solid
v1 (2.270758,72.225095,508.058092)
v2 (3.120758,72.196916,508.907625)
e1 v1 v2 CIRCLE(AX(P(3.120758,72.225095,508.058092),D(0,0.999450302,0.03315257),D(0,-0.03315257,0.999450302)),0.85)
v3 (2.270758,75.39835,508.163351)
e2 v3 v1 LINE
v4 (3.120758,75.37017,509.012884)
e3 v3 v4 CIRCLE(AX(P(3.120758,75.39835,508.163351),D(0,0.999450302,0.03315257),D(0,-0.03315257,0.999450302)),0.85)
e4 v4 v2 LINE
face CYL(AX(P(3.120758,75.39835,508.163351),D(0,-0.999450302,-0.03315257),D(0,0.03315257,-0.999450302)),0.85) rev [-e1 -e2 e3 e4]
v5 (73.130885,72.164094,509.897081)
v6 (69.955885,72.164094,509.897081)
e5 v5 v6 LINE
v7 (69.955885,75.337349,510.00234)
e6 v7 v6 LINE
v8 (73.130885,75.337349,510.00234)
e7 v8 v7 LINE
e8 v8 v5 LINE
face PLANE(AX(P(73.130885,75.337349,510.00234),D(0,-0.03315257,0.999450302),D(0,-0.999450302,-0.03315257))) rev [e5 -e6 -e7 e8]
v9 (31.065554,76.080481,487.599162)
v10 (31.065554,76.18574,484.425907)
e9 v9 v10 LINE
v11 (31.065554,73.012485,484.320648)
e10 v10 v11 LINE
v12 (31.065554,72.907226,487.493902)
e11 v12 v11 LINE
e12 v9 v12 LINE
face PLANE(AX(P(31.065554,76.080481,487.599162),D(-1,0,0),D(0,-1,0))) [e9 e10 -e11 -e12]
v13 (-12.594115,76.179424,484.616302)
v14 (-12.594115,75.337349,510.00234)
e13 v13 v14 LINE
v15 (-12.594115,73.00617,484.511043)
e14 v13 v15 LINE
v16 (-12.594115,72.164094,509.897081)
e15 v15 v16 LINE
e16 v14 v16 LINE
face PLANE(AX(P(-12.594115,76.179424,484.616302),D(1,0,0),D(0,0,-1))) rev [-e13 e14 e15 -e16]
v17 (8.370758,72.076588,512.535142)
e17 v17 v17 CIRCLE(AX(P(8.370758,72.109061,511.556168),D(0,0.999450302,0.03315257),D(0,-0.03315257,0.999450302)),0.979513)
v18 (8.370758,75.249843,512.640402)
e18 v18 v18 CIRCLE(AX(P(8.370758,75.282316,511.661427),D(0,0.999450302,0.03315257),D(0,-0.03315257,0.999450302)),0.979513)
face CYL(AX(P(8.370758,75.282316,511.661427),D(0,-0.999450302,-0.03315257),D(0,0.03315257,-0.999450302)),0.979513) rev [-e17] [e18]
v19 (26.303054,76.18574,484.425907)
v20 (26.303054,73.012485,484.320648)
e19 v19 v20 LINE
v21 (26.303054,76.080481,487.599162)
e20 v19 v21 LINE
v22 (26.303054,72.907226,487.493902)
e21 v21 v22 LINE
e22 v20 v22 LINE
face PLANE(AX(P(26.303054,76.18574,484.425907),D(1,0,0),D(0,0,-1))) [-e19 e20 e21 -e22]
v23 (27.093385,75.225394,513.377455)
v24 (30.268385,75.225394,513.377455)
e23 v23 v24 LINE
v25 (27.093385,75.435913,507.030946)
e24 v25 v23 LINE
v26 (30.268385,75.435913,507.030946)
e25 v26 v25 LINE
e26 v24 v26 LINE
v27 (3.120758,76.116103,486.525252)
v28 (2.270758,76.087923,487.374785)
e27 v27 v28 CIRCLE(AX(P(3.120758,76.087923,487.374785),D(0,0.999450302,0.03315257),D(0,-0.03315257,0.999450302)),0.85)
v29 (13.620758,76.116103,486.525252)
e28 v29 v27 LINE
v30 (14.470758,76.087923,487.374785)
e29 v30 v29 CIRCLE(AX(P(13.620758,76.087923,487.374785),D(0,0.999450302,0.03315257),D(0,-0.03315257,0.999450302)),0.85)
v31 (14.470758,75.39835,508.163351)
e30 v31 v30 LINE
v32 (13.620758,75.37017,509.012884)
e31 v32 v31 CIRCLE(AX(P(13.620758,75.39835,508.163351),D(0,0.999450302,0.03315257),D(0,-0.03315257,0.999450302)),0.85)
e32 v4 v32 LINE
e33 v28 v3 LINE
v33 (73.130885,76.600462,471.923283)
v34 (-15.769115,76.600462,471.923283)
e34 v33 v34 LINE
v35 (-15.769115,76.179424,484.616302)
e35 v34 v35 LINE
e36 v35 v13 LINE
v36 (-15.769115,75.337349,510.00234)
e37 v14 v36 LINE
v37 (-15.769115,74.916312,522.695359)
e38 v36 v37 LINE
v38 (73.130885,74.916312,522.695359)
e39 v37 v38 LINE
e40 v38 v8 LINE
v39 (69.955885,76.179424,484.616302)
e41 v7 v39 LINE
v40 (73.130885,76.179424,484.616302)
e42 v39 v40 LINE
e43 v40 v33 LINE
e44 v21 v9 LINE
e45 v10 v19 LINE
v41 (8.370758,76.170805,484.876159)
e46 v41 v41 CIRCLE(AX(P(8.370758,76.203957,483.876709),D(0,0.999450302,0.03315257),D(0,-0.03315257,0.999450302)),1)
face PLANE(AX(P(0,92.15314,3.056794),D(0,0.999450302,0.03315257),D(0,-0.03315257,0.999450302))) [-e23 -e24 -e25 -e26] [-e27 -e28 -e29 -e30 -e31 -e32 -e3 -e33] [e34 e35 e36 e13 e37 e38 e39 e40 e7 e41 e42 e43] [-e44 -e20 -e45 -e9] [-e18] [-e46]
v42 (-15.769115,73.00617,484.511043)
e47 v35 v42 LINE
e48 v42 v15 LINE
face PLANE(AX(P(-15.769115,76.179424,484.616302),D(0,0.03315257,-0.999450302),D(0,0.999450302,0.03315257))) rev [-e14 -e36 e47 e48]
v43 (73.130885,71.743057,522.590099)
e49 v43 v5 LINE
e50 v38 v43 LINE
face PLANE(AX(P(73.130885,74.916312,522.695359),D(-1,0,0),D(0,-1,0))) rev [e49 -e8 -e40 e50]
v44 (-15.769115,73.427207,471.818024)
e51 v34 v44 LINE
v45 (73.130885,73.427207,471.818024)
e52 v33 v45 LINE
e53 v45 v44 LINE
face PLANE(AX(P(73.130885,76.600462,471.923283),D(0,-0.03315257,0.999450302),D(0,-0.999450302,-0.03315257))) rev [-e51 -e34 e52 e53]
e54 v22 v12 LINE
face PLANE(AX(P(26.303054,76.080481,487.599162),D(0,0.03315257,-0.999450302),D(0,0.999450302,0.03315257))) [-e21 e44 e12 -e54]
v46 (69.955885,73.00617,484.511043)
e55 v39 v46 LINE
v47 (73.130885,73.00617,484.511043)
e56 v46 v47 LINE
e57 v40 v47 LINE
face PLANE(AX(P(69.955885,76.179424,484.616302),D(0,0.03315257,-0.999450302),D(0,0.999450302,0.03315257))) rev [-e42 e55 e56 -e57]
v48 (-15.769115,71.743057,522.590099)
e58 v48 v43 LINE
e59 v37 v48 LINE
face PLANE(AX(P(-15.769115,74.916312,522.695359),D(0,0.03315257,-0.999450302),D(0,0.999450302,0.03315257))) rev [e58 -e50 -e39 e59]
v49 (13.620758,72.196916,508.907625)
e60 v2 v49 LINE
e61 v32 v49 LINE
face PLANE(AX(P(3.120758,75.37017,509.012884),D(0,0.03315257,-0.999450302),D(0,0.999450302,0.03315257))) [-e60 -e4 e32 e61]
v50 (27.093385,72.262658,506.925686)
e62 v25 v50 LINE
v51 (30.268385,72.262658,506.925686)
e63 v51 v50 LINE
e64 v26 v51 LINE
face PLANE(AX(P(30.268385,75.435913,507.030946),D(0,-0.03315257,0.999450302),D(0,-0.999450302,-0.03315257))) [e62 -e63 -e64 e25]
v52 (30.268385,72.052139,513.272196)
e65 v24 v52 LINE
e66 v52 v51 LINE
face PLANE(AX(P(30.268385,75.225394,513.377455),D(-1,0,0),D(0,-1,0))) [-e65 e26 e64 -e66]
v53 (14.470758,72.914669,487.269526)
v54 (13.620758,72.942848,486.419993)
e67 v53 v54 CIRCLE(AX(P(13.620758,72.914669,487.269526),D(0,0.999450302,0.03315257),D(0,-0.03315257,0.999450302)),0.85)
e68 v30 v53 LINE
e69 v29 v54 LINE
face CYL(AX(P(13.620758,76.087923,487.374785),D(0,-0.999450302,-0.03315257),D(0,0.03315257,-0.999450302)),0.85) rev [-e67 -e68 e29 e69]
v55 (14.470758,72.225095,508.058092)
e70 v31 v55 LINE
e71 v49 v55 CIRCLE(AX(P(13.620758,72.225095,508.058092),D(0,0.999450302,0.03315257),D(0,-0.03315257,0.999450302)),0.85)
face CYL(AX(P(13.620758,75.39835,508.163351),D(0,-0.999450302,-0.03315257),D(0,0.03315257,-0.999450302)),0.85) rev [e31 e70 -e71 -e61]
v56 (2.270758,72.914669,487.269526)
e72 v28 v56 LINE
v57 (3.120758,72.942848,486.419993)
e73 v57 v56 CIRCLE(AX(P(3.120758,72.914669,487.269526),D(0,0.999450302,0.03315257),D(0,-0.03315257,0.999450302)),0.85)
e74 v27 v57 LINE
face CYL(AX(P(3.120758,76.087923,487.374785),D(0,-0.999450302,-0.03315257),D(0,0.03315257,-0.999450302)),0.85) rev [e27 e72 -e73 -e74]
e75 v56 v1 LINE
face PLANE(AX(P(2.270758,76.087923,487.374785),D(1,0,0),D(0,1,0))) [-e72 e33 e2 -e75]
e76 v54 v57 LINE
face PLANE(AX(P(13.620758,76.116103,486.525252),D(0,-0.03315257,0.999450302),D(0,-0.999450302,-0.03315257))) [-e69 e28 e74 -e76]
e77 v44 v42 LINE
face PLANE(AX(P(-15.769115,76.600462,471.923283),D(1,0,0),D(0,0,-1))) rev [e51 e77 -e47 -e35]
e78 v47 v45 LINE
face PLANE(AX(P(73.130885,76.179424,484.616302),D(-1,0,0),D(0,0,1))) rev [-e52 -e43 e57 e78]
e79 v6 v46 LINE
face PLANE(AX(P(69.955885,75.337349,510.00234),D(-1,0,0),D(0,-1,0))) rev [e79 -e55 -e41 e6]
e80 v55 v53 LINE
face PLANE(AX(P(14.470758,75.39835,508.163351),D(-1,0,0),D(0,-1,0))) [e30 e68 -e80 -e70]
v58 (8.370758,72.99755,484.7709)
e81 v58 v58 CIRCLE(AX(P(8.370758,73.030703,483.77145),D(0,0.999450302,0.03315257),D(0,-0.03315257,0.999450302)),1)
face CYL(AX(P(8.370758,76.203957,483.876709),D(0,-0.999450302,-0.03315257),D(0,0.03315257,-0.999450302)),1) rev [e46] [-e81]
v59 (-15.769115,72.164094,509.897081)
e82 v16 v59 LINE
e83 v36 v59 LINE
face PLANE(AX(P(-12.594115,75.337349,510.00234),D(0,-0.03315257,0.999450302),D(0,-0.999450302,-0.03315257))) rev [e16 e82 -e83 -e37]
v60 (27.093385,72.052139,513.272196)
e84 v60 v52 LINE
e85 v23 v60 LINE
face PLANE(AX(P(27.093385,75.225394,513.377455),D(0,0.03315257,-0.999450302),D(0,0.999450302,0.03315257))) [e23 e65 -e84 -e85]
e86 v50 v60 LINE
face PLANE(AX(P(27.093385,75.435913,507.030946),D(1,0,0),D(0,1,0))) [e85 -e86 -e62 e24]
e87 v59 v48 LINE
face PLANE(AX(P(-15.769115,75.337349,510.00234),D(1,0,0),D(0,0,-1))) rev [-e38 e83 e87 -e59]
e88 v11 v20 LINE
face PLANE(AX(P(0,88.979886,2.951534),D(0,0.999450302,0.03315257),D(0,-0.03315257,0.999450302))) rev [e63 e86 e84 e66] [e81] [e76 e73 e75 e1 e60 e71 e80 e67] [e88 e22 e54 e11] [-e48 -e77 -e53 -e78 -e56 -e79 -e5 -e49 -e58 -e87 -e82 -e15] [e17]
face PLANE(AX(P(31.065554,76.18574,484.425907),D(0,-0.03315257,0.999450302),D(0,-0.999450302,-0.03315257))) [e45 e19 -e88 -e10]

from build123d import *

# Parameters (mm, degrees)
SKETCH3_W           = 4.7625
SKETCH3_H           = 3.175
SKETCH3_W_2         = 3.175
SKETCH3_H_2         = 6.35
BOSS_EXTRUDE2_DEPTH = 3.175


with BuildPart() as part:
    # Sketch3 → Boss-Extrude2 (new body)
    with BuildSketch(Plane(origin=(0, 88.979885655, 2.951534319), x_dir=(1, 0, 0), z_dir=(0, 0.9994503024750413, 0.03315256977292581))):
        Polygon((73.130884883, -481.824366224), (73.130884883, -469.124366224), (-15.769115117, -469.124366224), (-15.769115117, -481.824366224), (-12.594115117, -481.824366224), (-12.594115117, -507.224366224), (-15.769115117, -507.224366224), (-15.769115117, -519.924366224), (73.130884883, -519.924366224), (73.130884883, -507.224366224), (69.955884883, -507.224366224), (69.955884883, -481.824366224), align=None)
        with Locations((28.684303559, -483.221366224)):
            Rectangle(SKETCH3_W, SKETCH3_H, mode=Mode.SUBTRACT)
        with Locations((28.680884883, -507.426337868)):
            Rectangle(SKETCH3_W_2, SKETCH3_H_2, mode=Mode.SUBTRACT)
        with BuildLine():
            Line((13.62075844, -483.734366224), (3.12075844, -483.734366224))
            ThreePointArc((3.12075844, -483.734366224), (2.519717676, -483.98332546), (2.27075844, -484.584366224))
            Line((2.27075844, -484.584366224), (2.27075844, -505.384366224))
            ThreePointArc((2.27075844, -505.384366224), (2.519717676, -505.985406988), (3.12075844, -506.234366224))
            Line((3.12075844, -506.234366224), (13.62075844, -506.234366224))
            ThreePointArc((13.62075844, -506.234366224), (14.221799204, -505.985406988), (14.47075844, -505.384366224))
            Line((14.47075844, -505.384366224), (14.47075844, -484.584366224))
            ThreePointArc((14.47075844, -484.584366224), (14.221799204, -483.98332546), (13.62075844, -483.734366224))
        make_face(mode=Mode.SUBTRACT)
        with BuildLine():
            ThreePointArc((9.350271075, -508.884366224), (9.063378466, -508.191746198), (8.37075844, -507.904853589))
            ThreePointArc((8.37075844, -507.904853589), (7.678138413, -508.191746198), (7.391245805, -508.884366224))
            ThreePointArc((7.391245805, -508.884366224), (7.678138413, -509.576986251), (8.37075844, -509.863878859))
            ThreePointArc((8.37075844, -509.863878859), (9.063378466, -509.576986251), (9.350271075, -508.884366224))
        make_face(mode=Mode.SUBTRACT)
        with BuildLine():
            ThreePointArc((8.37075844, -482.084366224), (9.077865221, -481.791473005), (9.37075844, -481.084366224))
            ThreePointArc((9.37075844, -481.084366224), (9.077865221, -480.377259443), (8.37075844, -480.084366224))
            ThreePointArc((8.37075844, -480.084366224), (7.663651658, -480.377259443), (7.37075844, -481.084366224))
            ThreePointArc((7.37075844, -481.084366224), (7.663651658, -481.791473005), (8.37075844, -482.084366224))
        make_face(mode=Mode.SUBTRACT)
    extrude(amount=BOSS_EXTRUDE2_DEPTH)


solid = part.part
